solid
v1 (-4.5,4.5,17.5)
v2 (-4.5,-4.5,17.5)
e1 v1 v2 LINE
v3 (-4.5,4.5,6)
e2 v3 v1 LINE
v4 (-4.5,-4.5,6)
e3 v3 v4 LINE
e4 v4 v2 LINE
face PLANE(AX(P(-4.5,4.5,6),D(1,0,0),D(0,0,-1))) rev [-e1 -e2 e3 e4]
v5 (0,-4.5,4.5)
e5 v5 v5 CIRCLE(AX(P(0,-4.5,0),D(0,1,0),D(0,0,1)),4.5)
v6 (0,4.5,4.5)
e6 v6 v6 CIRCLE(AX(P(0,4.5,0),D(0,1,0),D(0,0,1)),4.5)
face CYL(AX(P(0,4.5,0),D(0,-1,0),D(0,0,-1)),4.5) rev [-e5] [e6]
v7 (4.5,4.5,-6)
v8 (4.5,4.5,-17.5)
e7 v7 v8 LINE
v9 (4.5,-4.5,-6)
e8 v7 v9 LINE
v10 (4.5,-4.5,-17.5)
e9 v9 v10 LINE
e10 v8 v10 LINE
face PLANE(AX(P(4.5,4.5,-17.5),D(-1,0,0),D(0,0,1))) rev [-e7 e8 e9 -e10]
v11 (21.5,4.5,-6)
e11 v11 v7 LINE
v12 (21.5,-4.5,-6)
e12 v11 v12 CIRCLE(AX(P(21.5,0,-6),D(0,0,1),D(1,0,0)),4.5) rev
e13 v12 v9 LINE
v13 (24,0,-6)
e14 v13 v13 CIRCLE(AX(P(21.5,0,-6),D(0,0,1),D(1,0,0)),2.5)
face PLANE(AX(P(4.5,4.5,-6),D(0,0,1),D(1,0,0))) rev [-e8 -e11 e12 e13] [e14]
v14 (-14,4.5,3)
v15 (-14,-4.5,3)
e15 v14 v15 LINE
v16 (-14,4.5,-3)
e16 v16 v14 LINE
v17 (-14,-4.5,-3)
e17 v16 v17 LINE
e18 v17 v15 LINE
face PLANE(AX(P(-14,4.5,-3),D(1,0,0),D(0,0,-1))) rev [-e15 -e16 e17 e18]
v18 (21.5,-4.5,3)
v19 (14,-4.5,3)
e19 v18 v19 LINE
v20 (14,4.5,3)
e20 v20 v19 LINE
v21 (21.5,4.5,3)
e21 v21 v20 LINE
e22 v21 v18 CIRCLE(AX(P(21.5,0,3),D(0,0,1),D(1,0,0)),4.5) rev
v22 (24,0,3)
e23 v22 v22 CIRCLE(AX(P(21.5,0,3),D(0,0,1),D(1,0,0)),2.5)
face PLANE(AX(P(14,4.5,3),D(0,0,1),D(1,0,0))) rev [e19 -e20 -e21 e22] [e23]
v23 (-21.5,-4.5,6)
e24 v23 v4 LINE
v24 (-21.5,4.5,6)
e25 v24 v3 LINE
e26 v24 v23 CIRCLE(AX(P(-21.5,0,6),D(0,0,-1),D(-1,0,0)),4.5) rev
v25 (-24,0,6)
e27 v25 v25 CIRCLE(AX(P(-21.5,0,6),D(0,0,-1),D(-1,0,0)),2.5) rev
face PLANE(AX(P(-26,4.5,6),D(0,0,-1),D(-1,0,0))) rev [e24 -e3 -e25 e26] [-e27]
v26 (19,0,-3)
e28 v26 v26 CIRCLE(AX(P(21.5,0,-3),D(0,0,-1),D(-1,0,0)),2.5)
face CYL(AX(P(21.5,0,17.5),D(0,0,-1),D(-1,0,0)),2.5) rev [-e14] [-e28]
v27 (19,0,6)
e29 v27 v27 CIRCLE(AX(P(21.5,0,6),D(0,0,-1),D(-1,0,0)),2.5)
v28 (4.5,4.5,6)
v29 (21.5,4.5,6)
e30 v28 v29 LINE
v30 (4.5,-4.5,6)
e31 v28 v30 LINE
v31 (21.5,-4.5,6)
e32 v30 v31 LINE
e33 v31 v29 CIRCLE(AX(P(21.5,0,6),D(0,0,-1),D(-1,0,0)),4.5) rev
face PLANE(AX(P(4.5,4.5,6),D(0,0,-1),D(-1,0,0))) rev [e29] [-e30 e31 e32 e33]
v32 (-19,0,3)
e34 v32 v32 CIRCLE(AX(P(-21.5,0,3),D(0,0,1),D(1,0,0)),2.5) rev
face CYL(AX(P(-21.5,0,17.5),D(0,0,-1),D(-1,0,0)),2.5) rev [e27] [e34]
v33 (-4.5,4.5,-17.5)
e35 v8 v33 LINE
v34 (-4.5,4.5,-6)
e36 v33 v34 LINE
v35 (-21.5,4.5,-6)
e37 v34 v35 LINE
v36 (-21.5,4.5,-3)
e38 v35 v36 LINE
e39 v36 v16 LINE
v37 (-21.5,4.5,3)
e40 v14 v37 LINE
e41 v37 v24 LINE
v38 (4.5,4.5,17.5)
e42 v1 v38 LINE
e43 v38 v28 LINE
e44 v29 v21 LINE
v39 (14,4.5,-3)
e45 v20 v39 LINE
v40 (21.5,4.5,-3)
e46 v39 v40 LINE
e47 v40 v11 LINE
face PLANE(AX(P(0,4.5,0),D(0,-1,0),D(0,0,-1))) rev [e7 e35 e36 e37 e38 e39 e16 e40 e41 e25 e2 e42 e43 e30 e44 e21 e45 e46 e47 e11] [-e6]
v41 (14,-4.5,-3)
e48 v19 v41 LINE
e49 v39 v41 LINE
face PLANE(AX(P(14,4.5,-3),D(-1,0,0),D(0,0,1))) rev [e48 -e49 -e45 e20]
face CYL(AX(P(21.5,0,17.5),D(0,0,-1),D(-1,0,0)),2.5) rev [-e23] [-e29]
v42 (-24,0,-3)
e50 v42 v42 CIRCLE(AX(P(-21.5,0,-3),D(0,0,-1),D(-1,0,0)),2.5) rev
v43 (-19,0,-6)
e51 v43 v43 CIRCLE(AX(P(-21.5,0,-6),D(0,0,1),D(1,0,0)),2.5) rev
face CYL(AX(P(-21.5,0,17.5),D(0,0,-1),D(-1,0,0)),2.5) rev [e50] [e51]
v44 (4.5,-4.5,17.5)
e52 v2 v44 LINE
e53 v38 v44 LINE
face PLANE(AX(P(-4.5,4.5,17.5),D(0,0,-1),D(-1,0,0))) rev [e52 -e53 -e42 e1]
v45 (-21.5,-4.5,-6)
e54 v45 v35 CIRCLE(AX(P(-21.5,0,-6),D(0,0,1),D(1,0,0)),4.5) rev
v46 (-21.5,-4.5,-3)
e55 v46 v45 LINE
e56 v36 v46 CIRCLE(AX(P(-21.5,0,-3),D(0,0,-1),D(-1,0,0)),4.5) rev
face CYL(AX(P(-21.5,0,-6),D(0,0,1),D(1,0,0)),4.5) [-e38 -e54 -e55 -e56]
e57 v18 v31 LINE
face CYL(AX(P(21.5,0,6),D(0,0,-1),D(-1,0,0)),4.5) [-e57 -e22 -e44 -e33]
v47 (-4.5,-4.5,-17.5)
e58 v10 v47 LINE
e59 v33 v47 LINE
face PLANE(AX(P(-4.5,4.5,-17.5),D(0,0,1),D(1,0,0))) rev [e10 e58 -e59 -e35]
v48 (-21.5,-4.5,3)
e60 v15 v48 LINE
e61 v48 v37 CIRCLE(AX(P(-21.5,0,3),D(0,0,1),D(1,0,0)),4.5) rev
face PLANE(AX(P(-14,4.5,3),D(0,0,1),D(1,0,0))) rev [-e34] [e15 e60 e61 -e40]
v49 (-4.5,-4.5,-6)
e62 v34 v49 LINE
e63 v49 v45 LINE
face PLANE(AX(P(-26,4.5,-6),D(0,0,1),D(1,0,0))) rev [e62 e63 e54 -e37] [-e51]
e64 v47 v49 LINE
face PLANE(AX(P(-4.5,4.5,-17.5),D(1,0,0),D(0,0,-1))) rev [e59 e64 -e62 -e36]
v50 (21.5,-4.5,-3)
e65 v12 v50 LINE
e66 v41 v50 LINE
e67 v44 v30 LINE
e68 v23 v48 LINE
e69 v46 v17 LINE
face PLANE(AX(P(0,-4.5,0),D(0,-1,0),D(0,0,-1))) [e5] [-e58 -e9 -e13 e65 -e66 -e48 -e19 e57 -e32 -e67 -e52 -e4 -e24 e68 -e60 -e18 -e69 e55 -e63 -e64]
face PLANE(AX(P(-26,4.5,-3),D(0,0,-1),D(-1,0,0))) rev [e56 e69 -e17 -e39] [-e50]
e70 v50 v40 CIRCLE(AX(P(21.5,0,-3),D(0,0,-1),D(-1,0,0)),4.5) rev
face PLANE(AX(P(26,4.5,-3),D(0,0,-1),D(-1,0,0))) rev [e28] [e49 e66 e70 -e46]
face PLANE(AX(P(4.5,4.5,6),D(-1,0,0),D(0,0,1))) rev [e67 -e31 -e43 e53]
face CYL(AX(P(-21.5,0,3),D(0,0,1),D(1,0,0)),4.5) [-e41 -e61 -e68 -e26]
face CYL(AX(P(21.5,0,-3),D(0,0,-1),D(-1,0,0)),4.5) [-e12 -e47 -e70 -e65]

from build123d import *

# Parameters (mm, degrees)
SKETCH1_R           = 4.5
BOSS_EXTRUDE1_DEPTH = 4.5
FILLET2_RADIUS      = 4.5
FILLET2_LENGTH      = 3
FILLET3_RADIUS      = 4.5
FILLET3_LENGTH      = 3
FILLET4_RADIUS      = 4.5
FILLET4_LENGTH      = 3
FILLET5_RADIUS      = 4.5
FILLET5_LENGTH      = 3
SKETCH2_R           = 2.5
CUT_EXTRUDE1_DEPTH  = 34.414068893


with BuildPart() as part:
    # Sketch1 → Boss-Extrude1 (new, symmetric)
    with BuildSketch(Plane(origin=(0, 0, 0), x_dir=(1, 0, 0), z_dir=(0, 1, 0))):
        Polygon((-26, 3), (-14, 3), (-14, -3), (-26, -3), (-26, -6), (-4.5, -6), (-4.5, -17.5), (4.5, -17.5), (4.5, -6), (26, -6), (26, -3), (14, -3), (14, 3), (26, 3), (26, 6), (4.5, 6), (4.5, 17.5), (-4.5, 17.5), (-4.5, 6), (-26, 6), align=None)
        with Locations(Location((0, 0, 0), (0, 0, 270))):
            Circle(SKETCH1_R, mode=Mode.SUBTRACT)
    extrude(amount=BOSS_EXTRUDE1_DEPTH, both=True)

    # Fillet2: full round fillet: the end face becomes a half cylinder, R = half its width
    fillet2_face = Plane((-26, 0, 4.5), x_dir=(0, 0, 1), z_dir=(-1, 0, 0))  # on the end face: x along it, z out of the body
    fillet2_slab = fillet2_face.offset(-FILLET2_RADIUS / 2) * Box(FILLET2_LENGTH, 2 * FILLET2_RADIUS, FILLET2_RADIUS, mode=Mode.PRIVATE)  # the body's end, R deep
    fillet2_round = Plane((-21.5, 0, 4.5), x_dir=(-1, 0, 0), z_dir=(0, 0, 1)) * Cylinder(FILLET2_RADIUS, FILLET2_LENGTH, mode=Mode.PRIVATE)  # its axis R under the face
    add(fillet2_slab - fillet2_round, mode=Mode.SUBTRACT)

    # Fillet3: full round fillet: the end face becomes a half cylinder, R = half its width
    fillet3_face = Plane((-26, 0, -4.5), x_dir=(0, 0, 1), z_dir=(-1, 0, 0))  # on the end face: x along it, z out of the body
    fillet3_slab = fillet3_face.offset(-FILLET3_RADIUS / 2) * Box(FILLET3_LENGTH, 2 * FILLET3_RADIUS, FILLET3_RADIUS, mode=Mode.PRIVATE)  # the body's end, R deep
    fillet3_round = Plane((-21.5, 0, -4.5), x_dir=(-1, 0, 0), z_dir=(0, 0, 1)) * Cylinder(FILLET3_RADIUS, FILLET3_LENGTH, mode=Mode.PRIVATE)  # its axis R under the face
    add(fillet3_slab - fillet3_round, mode=Mode.SUBTRACT)

    # Fillet4: full round fillet: the end face becomes a half cylinder, R = half its width
    fillet4_face = Plane((26, 0, -4.5), x_dir=(0, 0, 1), z_dir=(1, 0, 0))  # on the end face: x along it, z out of the body
    fillet4_slab = fillet4_face.offset(-FILLET4_RADIUS / 2) * Box(FILLET4_LENGTH, 2 * FILLET4_RADIUS, FILLET4_RADIUS, mode=Mode.PRIVATE)  # the body's end, R deep
    fillet4_round = Plane((21.5, 0, -4.5), x_dir=(1, 0, 0), z_dir=(0, 0, 1)) * Cylinder(FILLET4_RADIUS, FILLET4_LENGTH, mode=Mode.PRIVATE)  # its axis R under the face
    add(fillet4_slab - fillet4_round, mode=Mode.SUBTRACT)

    # Fillet5: full round fillet: the end face becomes a half cylinder, R = half its width
    fillet5_face = Plane((26, 0, 4.5), x_dir=(0, 0, -1), z_dir=(1, 0, 0))  # on the end face: x along it, z out of the body
    fillet5_slab = fillet5_face.offset(-FILLET5_RADIUS / 2) * Box(FILLET5_LENGTH, 2 * FILLET5_RADIUS, FILLET5_RADIUS, mode=Mode.PRIVATE)  # the body's end, R deep
    fillet5_round = Plane((21.5, 0, 4.5), x_dir=(1, 0, 0), z_dir=(0, 0, -1)) * Cylinder(FILLET5_RADIUS, FILLET5_LENGTH, mode=Mode.PRIVATE)  # its axis R under the face
    add(fillet5_slab - fillet5_round, mode=Mode.SUBTRACT)

    # Sketch2 → Cut-Extrude1 (cut, symmetric)
    with BuildSketch(Plane.XY.offset(-3)):
        with Locations(Location((-21.5, 0, 0), (0, 0, 180))):
            Circle(SKETCH2_R)
    cut_extrude1 = extrude(amount=CUT_EXTRUDE1_DEPTH, both=True, mode=Mode.SUBTRACT)

    # Mirror1: Cut-Extrude1 across plane
    add(cut_extrude1.mirror(Plane(origin=(0, 0, 0), x_dir=(0, 0, 1), z_dir=(1, 0, 0))), mode=Mode.SUBTRACT)


solid = part.part
